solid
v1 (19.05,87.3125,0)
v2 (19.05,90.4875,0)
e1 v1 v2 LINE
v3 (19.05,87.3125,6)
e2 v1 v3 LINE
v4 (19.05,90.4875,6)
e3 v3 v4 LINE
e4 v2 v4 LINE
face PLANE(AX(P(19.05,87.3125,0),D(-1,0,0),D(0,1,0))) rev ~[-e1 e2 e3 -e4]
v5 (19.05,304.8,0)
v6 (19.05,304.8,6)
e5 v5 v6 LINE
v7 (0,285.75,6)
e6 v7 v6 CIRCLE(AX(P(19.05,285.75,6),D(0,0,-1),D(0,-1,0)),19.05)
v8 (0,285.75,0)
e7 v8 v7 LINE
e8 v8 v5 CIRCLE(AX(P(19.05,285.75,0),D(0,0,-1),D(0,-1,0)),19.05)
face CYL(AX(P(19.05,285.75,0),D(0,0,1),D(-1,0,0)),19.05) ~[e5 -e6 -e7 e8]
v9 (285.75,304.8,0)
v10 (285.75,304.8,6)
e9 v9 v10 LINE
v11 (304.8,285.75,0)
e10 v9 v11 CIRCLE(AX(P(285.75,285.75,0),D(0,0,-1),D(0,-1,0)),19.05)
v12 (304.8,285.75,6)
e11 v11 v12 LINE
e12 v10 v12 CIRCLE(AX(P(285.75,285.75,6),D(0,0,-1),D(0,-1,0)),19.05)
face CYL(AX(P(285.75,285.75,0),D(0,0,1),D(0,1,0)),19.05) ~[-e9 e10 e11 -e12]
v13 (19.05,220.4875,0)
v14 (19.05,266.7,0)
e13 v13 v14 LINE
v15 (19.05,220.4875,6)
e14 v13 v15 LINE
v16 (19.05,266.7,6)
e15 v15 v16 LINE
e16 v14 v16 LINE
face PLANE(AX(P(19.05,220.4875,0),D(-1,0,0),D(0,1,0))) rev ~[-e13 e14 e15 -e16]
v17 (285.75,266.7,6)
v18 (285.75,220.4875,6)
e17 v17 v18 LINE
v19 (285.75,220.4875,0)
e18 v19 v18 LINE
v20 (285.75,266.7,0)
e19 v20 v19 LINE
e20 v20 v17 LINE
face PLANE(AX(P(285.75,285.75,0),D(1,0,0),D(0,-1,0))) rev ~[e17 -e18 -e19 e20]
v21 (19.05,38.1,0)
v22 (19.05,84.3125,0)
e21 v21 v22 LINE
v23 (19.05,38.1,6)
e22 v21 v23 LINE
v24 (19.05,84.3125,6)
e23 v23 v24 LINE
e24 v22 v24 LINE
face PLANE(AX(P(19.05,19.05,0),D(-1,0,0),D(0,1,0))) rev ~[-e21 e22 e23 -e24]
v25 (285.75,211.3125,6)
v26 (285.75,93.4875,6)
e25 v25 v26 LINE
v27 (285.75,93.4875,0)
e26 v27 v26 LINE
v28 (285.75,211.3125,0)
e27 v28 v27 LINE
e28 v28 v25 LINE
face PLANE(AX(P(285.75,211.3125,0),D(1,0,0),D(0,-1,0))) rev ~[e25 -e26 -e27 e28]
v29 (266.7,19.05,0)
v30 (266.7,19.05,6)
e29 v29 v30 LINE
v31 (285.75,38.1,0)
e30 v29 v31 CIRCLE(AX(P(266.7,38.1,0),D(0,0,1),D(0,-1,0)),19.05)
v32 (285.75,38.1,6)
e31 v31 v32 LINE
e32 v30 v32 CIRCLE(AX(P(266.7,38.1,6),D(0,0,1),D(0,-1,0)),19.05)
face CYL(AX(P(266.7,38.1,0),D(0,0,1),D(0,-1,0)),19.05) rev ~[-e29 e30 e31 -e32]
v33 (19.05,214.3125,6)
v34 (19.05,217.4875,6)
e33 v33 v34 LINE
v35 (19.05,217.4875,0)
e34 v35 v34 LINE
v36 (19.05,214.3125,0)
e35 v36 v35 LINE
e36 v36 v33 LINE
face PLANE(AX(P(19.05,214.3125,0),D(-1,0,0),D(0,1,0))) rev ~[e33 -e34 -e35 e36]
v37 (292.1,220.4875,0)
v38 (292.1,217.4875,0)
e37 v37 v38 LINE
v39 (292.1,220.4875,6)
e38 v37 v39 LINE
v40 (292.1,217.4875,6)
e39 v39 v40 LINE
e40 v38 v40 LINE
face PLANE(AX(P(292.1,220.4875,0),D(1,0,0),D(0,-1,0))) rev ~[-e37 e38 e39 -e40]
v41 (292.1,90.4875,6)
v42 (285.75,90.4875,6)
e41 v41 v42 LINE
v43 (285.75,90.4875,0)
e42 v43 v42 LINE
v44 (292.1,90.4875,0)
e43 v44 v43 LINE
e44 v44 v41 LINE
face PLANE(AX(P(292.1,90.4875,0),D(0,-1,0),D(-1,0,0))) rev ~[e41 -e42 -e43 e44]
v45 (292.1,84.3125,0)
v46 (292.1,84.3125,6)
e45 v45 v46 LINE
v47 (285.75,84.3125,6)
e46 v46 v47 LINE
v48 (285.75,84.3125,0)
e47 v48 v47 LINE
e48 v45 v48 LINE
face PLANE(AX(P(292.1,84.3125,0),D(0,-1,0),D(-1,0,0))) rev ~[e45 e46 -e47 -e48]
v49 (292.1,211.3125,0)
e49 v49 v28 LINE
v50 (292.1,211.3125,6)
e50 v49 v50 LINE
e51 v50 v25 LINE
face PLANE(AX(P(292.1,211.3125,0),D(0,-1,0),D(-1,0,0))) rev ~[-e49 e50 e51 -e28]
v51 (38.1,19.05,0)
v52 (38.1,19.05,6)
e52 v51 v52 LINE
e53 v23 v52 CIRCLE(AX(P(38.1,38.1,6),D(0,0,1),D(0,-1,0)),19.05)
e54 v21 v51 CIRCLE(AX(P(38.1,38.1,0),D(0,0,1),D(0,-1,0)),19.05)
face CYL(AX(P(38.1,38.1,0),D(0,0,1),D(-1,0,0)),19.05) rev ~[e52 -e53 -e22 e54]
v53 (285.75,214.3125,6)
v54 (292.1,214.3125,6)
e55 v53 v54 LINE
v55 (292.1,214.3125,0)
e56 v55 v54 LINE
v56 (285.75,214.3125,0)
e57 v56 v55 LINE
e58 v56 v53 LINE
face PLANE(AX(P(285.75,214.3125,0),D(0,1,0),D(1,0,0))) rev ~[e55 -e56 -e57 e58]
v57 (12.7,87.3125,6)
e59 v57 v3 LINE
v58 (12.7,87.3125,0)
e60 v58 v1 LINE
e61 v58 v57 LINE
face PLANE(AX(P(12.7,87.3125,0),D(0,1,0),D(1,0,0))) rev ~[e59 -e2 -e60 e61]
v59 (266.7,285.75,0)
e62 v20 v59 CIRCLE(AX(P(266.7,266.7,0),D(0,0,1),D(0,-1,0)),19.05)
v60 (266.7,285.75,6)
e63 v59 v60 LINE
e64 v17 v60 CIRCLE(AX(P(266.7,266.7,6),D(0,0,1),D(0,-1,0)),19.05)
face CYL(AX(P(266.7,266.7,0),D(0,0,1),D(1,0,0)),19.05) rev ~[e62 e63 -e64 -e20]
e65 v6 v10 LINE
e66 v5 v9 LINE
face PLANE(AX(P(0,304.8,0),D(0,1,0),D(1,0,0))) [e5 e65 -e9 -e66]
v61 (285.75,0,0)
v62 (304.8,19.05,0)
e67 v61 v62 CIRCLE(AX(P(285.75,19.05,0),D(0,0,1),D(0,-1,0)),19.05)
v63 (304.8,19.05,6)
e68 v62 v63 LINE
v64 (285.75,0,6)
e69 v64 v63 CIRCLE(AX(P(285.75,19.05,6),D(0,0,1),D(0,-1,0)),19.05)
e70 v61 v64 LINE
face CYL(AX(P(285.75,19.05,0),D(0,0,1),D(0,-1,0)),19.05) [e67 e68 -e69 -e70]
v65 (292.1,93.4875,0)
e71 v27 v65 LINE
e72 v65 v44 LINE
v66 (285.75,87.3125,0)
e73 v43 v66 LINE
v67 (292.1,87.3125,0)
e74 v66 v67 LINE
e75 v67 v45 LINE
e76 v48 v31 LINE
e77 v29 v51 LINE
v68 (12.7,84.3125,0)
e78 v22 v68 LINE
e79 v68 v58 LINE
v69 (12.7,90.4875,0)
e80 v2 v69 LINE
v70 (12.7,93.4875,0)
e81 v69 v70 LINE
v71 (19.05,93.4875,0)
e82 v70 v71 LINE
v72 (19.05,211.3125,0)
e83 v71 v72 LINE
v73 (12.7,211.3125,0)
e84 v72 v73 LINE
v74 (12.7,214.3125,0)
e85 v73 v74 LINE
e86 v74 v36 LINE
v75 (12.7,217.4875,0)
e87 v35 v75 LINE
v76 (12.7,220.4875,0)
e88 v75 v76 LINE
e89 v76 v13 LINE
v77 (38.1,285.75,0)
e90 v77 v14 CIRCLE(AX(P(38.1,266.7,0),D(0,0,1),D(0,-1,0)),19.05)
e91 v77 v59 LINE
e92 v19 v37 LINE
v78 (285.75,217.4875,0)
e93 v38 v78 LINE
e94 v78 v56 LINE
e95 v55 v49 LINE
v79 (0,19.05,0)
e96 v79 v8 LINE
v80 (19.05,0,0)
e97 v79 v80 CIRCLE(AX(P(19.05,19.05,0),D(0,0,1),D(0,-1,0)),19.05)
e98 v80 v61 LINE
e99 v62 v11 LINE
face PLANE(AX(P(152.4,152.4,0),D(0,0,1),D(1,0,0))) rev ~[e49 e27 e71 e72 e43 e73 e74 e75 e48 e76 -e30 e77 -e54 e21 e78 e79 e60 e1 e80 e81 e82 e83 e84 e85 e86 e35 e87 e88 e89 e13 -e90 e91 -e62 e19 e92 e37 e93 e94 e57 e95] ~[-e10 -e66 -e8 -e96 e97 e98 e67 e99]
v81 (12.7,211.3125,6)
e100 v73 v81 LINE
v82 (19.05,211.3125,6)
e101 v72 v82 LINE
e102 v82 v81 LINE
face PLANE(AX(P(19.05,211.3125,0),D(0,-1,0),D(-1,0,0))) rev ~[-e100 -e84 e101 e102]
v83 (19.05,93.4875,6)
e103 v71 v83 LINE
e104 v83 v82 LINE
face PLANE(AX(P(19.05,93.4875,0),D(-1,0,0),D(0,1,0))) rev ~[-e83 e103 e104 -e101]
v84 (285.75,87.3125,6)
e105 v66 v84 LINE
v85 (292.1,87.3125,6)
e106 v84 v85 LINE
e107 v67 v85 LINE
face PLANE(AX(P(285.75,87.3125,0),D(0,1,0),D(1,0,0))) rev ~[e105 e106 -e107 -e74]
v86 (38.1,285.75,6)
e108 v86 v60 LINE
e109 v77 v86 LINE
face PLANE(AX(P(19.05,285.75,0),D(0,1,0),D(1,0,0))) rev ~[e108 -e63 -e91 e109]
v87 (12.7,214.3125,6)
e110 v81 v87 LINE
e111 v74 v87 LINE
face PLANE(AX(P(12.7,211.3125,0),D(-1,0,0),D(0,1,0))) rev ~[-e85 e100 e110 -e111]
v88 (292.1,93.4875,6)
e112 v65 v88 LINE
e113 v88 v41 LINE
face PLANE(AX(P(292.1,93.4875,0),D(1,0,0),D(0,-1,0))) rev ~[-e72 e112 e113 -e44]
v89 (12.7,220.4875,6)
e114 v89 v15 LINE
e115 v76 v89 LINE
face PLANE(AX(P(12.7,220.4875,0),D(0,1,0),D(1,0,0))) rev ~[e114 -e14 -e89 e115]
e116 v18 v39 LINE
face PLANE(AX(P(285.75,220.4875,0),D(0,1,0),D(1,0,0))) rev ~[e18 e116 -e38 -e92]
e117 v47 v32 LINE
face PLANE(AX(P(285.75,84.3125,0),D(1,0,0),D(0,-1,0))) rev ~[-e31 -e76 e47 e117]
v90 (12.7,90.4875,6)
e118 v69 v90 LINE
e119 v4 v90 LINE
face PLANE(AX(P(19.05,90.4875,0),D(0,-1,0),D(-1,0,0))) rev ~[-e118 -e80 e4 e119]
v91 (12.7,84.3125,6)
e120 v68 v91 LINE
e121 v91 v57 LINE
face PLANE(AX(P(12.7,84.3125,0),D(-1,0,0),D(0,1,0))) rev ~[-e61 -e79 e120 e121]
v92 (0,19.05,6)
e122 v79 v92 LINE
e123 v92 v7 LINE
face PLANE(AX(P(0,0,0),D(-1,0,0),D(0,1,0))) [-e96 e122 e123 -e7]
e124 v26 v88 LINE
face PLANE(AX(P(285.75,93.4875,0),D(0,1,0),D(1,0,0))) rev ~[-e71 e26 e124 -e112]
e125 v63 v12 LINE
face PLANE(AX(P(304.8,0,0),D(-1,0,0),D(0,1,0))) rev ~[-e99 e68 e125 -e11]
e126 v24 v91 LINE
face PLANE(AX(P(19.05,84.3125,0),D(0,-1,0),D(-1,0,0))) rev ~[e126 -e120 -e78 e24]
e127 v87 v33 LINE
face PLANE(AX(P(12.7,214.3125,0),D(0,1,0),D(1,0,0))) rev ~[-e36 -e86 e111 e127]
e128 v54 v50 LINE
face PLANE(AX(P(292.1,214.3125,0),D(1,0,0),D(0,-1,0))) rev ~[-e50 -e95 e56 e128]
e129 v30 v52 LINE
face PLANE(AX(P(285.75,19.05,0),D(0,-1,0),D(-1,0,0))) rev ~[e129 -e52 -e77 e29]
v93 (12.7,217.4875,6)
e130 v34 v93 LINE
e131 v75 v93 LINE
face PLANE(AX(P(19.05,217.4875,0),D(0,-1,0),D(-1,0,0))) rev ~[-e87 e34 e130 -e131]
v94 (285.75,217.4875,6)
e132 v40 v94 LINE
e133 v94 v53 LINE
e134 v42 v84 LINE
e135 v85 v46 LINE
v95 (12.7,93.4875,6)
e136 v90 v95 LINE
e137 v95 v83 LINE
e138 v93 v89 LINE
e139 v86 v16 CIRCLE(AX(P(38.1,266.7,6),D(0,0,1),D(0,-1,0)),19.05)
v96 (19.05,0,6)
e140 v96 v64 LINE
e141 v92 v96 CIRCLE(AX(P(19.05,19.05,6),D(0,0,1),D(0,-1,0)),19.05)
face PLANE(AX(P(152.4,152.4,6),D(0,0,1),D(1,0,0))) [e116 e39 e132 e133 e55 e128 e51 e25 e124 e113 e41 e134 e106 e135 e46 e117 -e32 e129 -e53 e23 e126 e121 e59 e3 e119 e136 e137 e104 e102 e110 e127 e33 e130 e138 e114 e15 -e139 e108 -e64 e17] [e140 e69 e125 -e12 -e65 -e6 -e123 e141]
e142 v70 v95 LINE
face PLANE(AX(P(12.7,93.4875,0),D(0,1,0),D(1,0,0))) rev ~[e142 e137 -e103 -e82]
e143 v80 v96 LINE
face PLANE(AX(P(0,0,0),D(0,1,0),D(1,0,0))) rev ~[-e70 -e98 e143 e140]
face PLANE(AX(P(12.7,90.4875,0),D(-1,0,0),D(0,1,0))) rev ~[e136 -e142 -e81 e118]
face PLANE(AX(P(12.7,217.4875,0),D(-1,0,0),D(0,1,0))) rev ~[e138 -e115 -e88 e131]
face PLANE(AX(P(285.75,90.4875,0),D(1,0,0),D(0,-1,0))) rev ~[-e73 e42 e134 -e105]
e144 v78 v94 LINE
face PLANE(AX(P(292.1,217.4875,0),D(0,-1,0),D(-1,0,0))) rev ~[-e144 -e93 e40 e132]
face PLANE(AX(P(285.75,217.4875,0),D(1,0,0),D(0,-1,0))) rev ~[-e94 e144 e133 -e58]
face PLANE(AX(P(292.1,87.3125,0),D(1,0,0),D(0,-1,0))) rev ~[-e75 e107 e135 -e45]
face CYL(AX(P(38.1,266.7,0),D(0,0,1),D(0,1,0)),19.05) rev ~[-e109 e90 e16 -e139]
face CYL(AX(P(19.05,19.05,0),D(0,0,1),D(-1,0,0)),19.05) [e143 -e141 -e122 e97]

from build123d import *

# Parameters (mm, degrees)
F0_W     = 304.8
F0_H     = 304.8
F1_DEPTH = 6
F2_R     = 19.05


with BuildPart() as f1:
    # F0 (on Top) → F1 (new body)
    with BuildSketch(Plane.XY):
        with Locations((152.4, 152.4)):
            Rectangle(F0_W, F0_H)
        Polygon((19.05, 220.4875), (19.05, 285.75), (285.75, 285.75), (285.75, 220.4875), (292.1, 220.4875), (292.1, 217.4875), (285.75, 217.4875), (285.75, 214.3125), (292.1, 214.3125), (292.1, 211.3125), (285.75, 211.3125), (285.75, 93.4875), (292.1, 93.4875), (292.1, 90.4875), (285.75, 90.4875), (285.75, 87.3125), (292.1, 87.3125), (292.1, 84.3125), (285.75, 84.3125), (285.75, 19.05), (19.05, 19.05), (19.05, 84.3125), (12.7, 84.3125), (12.7, 87.3125), (19.05, 87.3125), (19.05, 90.4875), (12.7, 90.4875), (12.7, 93.4875), (19.05, 93.4875), (19.05, 211.3125), (12.7, 211.3125), (12.7, 214.3125), (19.05, 214.3125), (19.05, 217.4875), (12.7, 217.4875), (12.7, 220.4875), align=None, mode=Mode.SUBTRACT)
    extrude(amount=F1_DEPTH)

    # F2
    f2_edges = [f1.edges().sort_by_distance(p)[0] for p in [
        (19.05, 285.75, 3),
        (285.75, 285.75, 3),
        (285.75, 19.05, 3),
        (19.05, 19.05, 3),
        (304.8, 0, 3),
        (304.8, 304.8, 3),
        (0, 304.8, 3),
        (0, 0, 3),
    ]]
    fillet(f2_edges, radius=F2_R)


solid = f1.part
